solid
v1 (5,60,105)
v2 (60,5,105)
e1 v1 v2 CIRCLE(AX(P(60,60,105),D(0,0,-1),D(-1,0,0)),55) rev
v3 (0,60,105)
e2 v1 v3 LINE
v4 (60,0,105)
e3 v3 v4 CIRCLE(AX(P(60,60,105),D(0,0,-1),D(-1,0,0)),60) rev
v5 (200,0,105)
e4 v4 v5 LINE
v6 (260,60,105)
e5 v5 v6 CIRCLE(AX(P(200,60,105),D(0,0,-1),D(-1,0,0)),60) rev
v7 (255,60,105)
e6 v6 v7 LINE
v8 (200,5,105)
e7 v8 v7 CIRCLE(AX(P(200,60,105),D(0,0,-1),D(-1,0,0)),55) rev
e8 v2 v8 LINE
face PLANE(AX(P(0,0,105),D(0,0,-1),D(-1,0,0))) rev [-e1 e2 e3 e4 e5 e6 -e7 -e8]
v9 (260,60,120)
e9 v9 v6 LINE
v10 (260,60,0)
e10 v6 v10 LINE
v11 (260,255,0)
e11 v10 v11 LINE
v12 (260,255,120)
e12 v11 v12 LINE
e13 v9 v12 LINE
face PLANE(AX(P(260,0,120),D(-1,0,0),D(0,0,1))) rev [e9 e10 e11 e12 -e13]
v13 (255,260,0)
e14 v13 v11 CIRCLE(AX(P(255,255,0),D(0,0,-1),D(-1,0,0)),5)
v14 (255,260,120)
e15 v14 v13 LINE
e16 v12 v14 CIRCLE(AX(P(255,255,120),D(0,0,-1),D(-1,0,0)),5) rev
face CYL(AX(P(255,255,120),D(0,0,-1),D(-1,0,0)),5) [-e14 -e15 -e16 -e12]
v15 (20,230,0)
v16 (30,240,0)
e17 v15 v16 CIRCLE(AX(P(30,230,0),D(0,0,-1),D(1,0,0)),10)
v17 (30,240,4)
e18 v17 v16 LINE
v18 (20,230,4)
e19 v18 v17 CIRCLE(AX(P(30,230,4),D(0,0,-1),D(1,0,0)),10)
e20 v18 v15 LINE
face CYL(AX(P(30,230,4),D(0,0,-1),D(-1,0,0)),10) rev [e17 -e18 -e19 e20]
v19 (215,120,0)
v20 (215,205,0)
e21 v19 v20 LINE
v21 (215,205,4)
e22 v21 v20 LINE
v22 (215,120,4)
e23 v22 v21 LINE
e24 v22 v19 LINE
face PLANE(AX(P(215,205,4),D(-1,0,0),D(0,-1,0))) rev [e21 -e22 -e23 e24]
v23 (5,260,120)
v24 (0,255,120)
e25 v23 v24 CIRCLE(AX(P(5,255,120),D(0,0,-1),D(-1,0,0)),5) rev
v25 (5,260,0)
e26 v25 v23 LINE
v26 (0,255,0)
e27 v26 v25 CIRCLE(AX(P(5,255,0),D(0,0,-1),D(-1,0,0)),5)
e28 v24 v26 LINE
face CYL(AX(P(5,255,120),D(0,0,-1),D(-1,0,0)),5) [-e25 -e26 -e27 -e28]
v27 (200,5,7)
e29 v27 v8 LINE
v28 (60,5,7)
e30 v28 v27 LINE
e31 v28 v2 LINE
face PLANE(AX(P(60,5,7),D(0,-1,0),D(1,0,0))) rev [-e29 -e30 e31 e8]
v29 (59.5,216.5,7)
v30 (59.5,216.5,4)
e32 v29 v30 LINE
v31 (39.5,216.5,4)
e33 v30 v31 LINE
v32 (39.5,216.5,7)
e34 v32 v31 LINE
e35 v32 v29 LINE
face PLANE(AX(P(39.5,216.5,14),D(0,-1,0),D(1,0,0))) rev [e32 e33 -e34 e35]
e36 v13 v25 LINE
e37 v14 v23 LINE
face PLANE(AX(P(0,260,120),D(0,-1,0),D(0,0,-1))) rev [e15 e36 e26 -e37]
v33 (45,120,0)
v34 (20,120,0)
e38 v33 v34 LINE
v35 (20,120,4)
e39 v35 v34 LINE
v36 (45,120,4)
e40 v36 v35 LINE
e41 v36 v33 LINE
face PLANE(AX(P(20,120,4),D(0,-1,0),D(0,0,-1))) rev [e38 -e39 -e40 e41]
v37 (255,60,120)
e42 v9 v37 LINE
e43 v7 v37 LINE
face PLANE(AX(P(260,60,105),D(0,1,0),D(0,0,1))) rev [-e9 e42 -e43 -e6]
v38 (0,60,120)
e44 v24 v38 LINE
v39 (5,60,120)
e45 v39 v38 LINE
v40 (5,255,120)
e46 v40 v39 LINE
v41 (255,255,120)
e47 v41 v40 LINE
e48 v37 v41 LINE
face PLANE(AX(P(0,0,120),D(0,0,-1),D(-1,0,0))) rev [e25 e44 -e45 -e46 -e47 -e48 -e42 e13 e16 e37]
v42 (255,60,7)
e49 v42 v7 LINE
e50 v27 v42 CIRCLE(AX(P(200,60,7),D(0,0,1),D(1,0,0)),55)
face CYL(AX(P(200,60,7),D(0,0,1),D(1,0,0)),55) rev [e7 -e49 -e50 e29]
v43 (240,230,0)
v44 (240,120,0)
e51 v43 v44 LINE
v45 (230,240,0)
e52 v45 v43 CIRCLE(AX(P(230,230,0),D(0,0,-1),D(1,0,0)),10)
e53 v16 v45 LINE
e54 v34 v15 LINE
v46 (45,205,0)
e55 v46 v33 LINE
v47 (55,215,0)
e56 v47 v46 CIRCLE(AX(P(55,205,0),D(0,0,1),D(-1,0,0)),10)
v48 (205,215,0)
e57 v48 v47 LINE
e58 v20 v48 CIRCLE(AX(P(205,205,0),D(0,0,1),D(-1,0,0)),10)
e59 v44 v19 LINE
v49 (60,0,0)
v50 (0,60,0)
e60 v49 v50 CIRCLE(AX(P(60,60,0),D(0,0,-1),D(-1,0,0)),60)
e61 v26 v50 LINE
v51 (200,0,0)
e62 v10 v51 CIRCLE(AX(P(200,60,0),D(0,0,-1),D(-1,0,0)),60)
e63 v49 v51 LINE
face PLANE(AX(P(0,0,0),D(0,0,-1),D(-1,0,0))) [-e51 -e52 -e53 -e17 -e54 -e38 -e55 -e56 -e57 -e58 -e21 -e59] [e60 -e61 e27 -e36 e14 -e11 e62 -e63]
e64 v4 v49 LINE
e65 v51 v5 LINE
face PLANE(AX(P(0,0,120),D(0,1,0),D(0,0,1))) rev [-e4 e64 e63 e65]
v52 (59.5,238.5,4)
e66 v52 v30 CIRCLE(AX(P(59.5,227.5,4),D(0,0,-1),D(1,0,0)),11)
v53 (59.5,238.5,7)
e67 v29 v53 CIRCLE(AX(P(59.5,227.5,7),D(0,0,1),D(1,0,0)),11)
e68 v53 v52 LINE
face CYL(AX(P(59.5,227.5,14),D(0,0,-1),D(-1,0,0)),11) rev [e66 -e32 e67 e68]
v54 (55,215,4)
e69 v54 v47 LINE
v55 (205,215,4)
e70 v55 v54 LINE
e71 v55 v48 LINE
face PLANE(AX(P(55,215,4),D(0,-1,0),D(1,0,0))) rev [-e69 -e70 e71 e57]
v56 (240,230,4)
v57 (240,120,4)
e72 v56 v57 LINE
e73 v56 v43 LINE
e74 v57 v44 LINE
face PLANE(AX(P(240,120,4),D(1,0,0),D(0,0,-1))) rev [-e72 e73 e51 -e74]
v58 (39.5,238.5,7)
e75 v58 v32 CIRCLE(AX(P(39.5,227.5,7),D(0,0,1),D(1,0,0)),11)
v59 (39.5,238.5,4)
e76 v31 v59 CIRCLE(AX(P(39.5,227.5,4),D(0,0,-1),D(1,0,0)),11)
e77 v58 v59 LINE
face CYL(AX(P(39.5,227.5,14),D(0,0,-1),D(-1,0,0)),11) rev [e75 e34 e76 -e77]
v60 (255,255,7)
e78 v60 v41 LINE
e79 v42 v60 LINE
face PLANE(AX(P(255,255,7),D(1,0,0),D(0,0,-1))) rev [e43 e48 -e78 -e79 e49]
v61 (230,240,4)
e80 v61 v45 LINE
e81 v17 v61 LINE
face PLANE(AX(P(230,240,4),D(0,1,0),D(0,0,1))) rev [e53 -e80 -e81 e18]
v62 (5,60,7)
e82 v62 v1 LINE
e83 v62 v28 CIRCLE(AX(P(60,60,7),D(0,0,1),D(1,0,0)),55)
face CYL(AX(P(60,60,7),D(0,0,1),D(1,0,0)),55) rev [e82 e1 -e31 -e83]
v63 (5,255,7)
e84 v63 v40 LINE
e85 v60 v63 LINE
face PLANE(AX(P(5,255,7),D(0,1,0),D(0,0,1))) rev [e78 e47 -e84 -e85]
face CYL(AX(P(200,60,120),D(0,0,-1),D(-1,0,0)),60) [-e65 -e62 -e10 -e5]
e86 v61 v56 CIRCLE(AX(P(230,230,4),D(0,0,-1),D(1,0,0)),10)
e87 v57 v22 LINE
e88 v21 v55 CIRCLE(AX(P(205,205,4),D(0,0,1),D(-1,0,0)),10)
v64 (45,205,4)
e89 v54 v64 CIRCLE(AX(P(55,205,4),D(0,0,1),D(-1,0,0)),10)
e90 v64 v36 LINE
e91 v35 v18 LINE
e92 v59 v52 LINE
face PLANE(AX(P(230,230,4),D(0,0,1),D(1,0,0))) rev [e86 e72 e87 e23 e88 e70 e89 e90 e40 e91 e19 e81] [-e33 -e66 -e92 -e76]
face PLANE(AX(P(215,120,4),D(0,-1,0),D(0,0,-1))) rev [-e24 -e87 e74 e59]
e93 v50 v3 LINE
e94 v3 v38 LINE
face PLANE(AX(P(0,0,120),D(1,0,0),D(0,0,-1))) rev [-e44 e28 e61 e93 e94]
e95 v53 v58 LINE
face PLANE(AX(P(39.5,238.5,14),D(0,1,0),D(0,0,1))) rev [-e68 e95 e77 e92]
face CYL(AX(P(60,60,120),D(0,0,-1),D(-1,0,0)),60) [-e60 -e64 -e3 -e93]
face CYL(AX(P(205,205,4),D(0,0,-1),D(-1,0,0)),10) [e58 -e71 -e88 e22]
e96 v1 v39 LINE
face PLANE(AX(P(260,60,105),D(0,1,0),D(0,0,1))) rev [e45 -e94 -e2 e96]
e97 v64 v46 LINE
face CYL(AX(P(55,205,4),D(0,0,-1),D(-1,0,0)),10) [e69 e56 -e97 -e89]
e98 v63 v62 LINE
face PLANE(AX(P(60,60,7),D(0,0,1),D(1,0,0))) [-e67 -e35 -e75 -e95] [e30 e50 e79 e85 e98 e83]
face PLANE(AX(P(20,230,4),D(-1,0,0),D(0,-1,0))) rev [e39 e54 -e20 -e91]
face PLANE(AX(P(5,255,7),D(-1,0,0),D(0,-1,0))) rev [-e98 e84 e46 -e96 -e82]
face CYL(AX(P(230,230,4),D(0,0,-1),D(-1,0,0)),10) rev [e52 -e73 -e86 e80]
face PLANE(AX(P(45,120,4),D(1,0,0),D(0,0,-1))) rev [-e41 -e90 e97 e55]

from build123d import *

# Parameters (mm, degrees)
ESQUISSE2_W             = 260
ESQUISSE2_H             = 260
BOSS_EXTRU_1_DEPTH      = 120
CONG_1_R                = 60
CONG_2_R                = 5
ENL_V_MAT_EXTRU_1_DEPTH = 113
ESQUISSE4_W             = 260
ESQUISSE4_H             = 60
ENL_V_MAT_EXTRU_2_DEPTH = 15
ENL_V_MAT_EXTRU_3_DEPTH = 4
ENL_V_MAT_EXTRU_4_DEPTH = 10


with BuildPart() as part:
    # Esquisse2 → Boss.-Extru.1 (new body)
    with BuildSketch(Plane.XY):
        with Locations((130, 130)):
            Rectangle(ESQUISSE2_W, ESQUISSE2_H)
    extrude(amount=BOSS_EXTRU_1_DEPTH)

    # Congé1
    cong_1_edges = [part.edges().sort_by_distance(p)[0] for p in [
        (260, 0, 60),
        (0, 0, 60),
    ]]
    fillet(cong_1_edges, radius=CONG_1_R)

    # Congé2
    cong_2_edges = [part.edges().sort_by_distance(p)[0] for p in [
        (0, 260, 60),
        (260, 260, 60),
    ]]
    fillet(cong_2_edges, radius=CONG_2_R)

    # Esquisse3 → Enlèv. mat.-Extru.1 (cut)
    with BuildSketch(Plane.XY.offset(120)):
        with BuildLine():
            Line((5, 255), (255, 255))
            Line((255, 255), (255, 60))
            ThreePointArc((255, 60), (238.890872965, 21.109127035), (200, 5))
            Line((200, 5), (60, 5))
            ThreePointArc((60, 5), (21.109127035, 21.109127035), (5, 60))
            Line((5, 60), (5, 255))
        make_face()
    extrude(amount=-ENL_V_MAT_EXTRU_1_DEPTH, mode=Mode.SUBTRACT)

    # Esquisse4 → Enlèv. mat.-Extru.2 (cut)
    with BuildSketch(Plane.XY.offset(120)):
        with Locations((130, 30)):
            Rectangle(ESQUISSE4_W, ESQUISSE4_H)
    extrude(amount=-ENL_V_MAT_EXTRU_2_DEPTH, mode=Mode.SUBTRACT)

    # Esquisse5 → Enlèv. mat.-Extru.3 (cut)
    with BuildSketch(Plane(origin=(0, 0, 0), x_dir=(-1, 0, 0), z_dir=(0, 0, -1))):
        with BuildLine():
            Line((-240, 120), (-240, 230))
            ThreePointArc((-240, 230), (-237.071067812, 237.071067812), (-230, 240))
            Line((-230, 240), (-30, 240))
            ThreePointArc((-30, 240), (-22.928932188, 237.071067812), (-20, 230))
            Line((-20, 230), (-20, 120))
            Line((-20, 120), (-45, 120))
            Line((-45, 120), (-45, 205))
            ThreePointArc((-45, 205), (-47.928932188, 212.071067812), (-55, 215))
            Line((-55, 215), (-205, 215))
            ThreePointArc((-205, 215), (-212.071067812, 212.071067812), (-215, 205))
            Line((-215, 205), (-215, 120))
            Line((-215, 120), (-240, 120))
        make_face()
    extrude(amount=-ENL_V_MAT_EXTRU_3_DEPTH, mode=Mode.SUBTRACT)

    # Esquisse6 → Enlèv. mat.-Extru.4 (cut)
    with BuildSketch(Plane(origin=(0, 0, 4), x_dir=(-1, 0, 0), z_dir=(0, 0, -1))):
        with BuildLine():
            Line((-39.5, 238.5), (-59.5, 238.5))
            ThreePointArc((-59.5, 238.5), (-70.5, 227.5), (-59.5, 216.5))
            Line((-59.5, 216.5), (-39.5, 216.5))
            ThreePointArc((-39.5, 216.5), (-28.5, 227.5), (-39.5, 238.5))
        make_face()
    extrude(amount=-ENL_V_MAT_EXTRU_4_DEPTH, mode=Mode.SUBTRACT)


solid = part.part
